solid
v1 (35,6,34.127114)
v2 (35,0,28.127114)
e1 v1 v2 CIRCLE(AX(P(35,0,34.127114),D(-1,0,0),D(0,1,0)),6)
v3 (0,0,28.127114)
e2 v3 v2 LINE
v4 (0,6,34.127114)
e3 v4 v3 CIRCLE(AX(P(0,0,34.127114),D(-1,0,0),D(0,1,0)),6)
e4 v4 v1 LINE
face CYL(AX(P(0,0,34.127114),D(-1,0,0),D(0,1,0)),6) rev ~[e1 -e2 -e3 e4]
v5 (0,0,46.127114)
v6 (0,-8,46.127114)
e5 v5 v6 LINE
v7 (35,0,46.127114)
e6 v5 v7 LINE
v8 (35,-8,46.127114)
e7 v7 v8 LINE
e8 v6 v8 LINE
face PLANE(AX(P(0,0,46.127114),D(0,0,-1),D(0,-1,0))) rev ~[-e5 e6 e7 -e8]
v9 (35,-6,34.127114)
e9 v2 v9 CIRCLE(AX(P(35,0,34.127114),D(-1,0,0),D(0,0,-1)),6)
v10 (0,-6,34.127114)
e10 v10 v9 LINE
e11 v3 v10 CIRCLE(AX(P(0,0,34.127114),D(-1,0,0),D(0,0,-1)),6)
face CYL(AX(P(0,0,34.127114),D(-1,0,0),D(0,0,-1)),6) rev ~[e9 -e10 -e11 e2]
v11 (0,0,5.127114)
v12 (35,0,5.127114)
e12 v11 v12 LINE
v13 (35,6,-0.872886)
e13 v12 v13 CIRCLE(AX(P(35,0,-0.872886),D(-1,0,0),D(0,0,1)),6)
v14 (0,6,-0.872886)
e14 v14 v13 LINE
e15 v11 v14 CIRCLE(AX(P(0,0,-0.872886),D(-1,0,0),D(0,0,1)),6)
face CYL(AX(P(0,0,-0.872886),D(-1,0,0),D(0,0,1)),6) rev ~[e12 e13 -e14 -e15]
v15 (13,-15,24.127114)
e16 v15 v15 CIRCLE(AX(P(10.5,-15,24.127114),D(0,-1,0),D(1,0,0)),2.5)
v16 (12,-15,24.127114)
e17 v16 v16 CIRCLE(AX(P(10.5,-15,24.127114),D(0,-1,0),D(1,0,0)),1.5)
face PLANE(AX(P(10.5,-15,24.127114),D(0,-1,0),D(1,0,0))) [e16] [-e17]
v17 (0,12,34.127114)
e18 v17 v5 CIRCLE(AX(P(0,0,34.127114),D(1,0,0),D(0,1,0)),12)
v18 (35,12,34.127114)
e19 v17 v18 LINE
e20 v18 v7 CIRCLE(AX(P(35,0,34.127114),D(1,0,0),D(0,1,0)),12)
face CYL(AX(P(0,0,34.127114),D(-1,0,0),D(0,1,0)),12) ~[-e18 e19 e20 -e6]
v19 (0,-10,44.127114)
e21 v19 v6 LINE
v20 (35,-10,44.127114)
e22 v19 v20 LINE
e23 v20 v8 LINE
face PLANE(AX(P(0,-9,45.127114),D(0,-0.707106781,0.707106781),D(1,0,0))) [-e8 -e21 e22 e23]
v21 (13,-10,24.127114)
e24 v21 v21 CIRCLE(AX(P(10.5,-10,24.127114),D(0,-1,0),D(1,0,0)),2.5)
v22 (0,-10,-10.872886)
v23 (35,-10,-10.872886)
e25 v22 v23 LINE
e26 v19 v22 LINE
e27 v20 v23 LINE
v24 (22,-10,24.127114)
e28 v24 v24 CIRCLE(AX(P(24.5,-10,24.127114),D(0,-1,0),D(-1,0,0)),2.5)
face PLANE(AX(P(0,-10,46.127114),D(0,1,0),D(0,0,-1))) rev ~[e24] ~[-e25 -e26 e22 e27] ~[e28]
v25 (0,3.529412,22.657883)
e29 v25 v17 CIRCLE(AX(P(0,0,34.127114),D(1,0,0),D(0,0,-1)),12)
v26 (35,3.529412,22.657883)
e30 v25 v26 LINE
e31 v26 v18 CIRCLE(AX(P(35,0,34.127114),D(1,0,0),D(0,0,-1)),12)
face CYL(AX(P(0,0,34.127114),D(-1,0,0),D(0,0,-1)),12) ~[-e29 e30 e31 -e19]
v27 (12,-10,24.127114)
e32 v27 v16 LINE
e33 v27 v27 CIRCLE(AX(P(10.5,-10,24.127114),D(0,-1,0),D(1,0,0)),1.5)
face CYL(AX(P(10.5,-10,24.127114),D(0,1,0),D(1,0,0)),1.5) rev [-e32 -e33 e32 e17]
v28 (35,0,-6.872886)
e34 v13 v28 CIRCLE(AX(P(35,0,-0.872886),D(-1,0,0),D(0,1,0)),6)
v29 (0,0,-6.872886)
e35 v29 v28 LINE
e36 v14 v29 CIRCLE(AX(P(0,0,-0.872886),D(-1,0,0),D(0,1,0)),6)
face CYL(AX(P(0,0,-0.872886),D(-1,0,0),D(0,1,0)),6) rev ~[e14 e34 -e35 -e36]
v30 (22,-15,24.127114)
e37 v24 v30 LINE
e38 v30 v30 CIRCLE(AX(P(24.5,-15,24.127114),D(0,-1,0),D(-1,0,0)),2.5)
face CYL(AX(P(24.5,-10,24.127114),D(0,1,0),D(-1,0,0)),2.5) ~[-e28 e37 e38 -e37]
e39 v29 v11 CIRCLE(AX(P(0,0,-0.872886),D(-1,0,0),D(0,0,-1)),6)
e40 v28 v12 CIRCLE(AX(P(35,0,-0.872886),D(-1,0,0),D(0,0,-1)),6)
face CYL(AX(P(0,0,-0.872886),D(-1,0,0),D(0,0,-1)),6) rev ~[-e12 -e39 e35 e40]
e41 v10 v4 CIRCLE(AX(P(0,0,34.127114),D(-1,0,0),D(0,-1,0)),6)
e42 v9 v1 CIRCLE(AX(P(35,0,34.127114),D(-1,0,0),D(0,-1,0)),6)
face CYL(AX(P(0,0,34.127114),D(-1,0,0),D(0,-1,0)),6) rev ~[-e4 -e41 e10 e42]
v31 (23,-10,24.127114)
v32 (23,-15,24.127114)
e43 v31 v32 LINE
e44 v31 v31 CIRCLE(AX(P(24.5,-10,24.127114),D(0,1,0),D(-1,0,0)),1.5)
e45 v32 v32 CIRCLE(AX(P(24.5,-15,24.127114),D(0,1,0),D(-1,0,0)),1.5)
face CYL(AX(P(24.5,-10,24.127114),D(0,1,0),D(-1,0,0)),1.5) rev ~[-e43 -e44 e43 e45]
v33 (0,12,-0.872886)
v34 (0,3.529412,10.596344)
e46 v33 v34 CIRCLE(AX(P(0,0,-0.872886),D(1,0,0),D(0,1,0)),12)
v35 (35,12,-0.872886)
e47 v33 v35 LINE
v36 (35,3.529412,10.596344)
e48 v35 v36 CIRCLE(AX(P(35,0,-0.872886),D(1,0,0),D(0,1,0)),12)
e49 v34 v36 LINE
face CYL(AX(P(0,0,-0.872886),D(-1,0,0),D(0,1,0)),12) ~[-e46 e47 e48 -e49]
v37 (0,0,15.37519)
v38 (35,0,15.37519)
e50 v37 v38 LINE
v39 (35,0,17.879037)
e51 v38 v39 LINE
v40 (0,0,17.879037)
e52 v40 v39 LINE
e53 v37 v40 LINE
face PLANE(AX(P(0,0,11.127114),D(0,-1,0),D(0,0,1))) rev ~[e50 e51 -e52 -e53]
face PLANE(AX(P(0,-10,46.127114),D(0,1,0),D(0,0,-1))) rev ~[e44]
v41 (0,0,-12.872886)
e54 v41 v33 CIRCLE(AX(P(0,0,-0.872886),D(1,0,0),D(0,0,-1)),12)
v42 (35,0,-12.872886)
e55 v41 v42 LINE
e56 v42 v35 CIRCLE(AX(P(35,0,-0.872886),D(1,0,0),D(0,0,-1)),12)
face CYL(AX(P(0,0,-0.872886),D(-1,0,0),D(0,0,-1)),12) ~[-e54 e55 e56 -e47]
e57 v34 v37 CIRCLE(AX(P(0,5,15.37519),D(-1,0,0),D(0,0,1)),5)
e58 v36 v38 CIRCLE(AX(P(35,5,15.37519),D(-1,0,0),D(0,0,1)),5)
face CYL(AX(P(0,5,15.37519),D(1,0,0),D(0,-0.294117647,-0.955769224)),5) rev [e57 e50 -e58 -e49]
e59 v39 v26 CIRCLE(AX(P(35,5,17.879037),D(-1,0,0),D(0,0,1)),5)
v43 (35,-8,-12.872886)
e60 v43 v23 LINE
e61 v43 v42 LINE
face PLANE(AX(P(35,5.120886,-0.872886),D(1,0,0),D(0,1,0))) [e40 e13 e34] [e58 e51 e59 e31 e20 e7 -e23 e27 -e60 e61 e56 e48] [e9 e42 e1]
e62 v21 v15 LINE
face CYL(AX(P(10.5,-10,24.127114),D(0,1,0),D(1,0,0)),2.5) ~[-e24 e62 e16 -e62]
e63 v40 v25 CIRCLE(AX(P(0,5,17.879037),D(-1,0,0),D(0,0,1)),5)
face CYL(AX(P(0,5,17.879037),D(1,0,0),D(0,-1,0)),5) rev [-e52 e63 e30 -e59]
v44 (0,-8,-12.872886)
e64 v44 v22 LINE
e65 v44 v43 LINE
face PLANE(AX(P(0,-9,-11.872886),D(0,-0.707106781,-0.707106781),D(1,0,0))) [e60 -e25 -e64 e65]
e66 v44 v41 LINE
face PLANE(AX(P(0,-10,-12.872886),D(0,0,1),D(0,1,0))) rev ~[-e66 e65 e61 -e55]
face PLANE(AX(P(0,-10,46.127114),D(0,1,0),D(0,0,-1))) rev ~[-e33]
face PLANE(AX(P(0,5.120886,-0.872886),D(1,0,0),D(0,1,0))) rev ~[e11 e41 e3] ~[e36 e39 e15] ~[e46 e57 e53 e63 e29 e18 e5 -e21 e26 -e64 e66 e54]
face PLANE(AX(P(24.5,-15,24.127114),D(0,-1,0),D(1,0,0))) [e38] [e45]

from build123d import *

# Parameters (mm, degrees)
F1_DEPTH = 35
F2_R     = 5
F3_SIZE  = 2
F4_R     = 2.5
F4_R_2   = 1.5
F5_DEPTH = 5


with BuildPart() as f1:
    # F0 (on Right) → F1 (new body)
    with BuildSketch(Plane.YZ):
        with BuildLine():
            ThreePointArc((12, -0.8728863157), (8.4852813742, 7.6123950585), (0, 11.1271136843))
            Line((0, 11.1271136843), (0, 5.1271136843))
            ThreePointArc((0, 5.1271136843), (4.2426406871, 3.3697543714), (6, -0.8728863157))
            ThreePointArc((6, -0.8728863157), (4.2426406871, -5.1155270029), (0, -6.8728863157))
            Line((0, -6.8728863157), (0, -12.8728863157))
            ThreePointArc((0, -12.8728863157), (8.4852813742, -9.35816769), (12, -0.8728863157))
        make_face()
        with BuildLine():
            Line((0, 5.1271136843), (0, 11.1271136843))
            ThreePointArc((0, 11.1271136843), (-5.6745486619, 9.7006418317), (-10, 5.760363265))
            Line((-10, 5.760363265), (-10, -7.5061358965))
            ThreePointArc((-10, -7.5061358965), (-5.6745486619, -11.4464144632), (0, -12.8728863157))
            Line((0, -12.8728863157), (0, -6.8728863157))
            ThreePointArc((0, -6.8728863157), (-6, -0.8728863157), (0, 5.1271136843))
        make_face()
        with BuildLine():
            Line((-10, -12.8728863157), (0, -12.8728863157))
            ThreePointArc((0, -12.8728863157), (-5.6745486619, -11.4464144632), (-10, -7.5061358965))
            Line((-10, -7.5061358965), (-10, -12.8728863157))
        make_face()
        with BuildLine():
            Line((0, 11.1271136843), (0, 22.1271136843))
            ThreePointArc((0, 22.1271136843), (-5.6745486619, 23.5535855368), (-10, 27.4938641035))
            Line((-10, 27.4938641035), (-10, 5.760363265))
            ThreePointArc((-10, 5.760363265), (-5.6745486619, 9.7006418317), (0, 11.1271136843))
        make_face()
        with BuildLine():
            ThreePointArc((-10, 27.4938641035), (-5.6745486619, 23.5535855368), (0, 22.1271136843))
            ThreePointArc((0, 22.1271136843), (8.4852813742, 25.64183231), (12, 34.1271136843))
            ThreePointArc((12, 34.1271136843), (8.4852813742, 42.6123950585), (0, 46.1271136843))
            ThreePointArc((0, 46.1271136843), (-5.6745486619, 44.7006418317), (-10, 40.760363265))
            Line((-10, 40.760363265), (-10, 27.4938641035))
        make_face()
        with BuildLine():
            ThreePointArc((-6, 34.1271136843), (0, 40.1271136843), (6, 34.1271136843))
            ThreePointArc((6, 34.1271136843), (4.2426406871, 29.8844729971), (0, 28.1271136843))
            ThreePointArc((0, 28.1271136843), (-4.2426406871, 29.8844729971), (-6, 34.1271136843))
        make_face(mode=Mode.SUBTRACT)
        with BuildLine():
            Line((-10, 46.1271136843), (-10, 40.760363265))
            ThreePointArc((-10, 40.760363265), (-5.6745486619, 44.7006418317), (0, 46.1271136843))
            Line((0, 46.1271136843), (-10, 46.1271136843))
        make_face()
    extrude(amount=F1_DEPTH)

    # F2
    f2_edges = [f1.edges().sort_by_distance(p)[0] for p in [
        (17.5, 0, 22.127114),
        (17.5, 0, 11.127114),
    ]]
    fillet(f2_edges, radius=F2_R)

    # F3
    f3_edges = [f1.edges().sort_by_distance(p)[0] for p in [
        (17.5, -10, -12.872886),
        (17.5, -10, 46.127114),
    ]]
    chamfer(f3_edges, length=F3_SIZE)

    # F4 (on face) → F5 (join)
    with BuildSketch(Plane.XZ.offset(10)):
        with Locations((10.5, 24.1271136843)):
            Circle(F4_R)
        with Locations((10.5, 24.1271136843)):
            Circle(F4_R_2, mode=Mode.SUBTRACT)
        with BuildLine():
            ThreePointArc((27, 24.1271136843), (24.5, 26.6271136843), (22, 24.1271136843))
            ThreePointArc((22, 24.1271136843), (24.5, 21.6271136843), (27, 24.1271136843))
        make_face()
        with BuildLine():
            ThreePointArc((26, 24.1271136843), (24.5, 22.6271136843), (23, 24.1271136843))
            ThreePointArc((23, 24.1271136843), (24.5, 25.6271136843), (26, 24.1271136843))
        make_face(mode=Mode.SUBTRACT)
    extrude(amount=F5_DEPTH)


solid = f1.part
